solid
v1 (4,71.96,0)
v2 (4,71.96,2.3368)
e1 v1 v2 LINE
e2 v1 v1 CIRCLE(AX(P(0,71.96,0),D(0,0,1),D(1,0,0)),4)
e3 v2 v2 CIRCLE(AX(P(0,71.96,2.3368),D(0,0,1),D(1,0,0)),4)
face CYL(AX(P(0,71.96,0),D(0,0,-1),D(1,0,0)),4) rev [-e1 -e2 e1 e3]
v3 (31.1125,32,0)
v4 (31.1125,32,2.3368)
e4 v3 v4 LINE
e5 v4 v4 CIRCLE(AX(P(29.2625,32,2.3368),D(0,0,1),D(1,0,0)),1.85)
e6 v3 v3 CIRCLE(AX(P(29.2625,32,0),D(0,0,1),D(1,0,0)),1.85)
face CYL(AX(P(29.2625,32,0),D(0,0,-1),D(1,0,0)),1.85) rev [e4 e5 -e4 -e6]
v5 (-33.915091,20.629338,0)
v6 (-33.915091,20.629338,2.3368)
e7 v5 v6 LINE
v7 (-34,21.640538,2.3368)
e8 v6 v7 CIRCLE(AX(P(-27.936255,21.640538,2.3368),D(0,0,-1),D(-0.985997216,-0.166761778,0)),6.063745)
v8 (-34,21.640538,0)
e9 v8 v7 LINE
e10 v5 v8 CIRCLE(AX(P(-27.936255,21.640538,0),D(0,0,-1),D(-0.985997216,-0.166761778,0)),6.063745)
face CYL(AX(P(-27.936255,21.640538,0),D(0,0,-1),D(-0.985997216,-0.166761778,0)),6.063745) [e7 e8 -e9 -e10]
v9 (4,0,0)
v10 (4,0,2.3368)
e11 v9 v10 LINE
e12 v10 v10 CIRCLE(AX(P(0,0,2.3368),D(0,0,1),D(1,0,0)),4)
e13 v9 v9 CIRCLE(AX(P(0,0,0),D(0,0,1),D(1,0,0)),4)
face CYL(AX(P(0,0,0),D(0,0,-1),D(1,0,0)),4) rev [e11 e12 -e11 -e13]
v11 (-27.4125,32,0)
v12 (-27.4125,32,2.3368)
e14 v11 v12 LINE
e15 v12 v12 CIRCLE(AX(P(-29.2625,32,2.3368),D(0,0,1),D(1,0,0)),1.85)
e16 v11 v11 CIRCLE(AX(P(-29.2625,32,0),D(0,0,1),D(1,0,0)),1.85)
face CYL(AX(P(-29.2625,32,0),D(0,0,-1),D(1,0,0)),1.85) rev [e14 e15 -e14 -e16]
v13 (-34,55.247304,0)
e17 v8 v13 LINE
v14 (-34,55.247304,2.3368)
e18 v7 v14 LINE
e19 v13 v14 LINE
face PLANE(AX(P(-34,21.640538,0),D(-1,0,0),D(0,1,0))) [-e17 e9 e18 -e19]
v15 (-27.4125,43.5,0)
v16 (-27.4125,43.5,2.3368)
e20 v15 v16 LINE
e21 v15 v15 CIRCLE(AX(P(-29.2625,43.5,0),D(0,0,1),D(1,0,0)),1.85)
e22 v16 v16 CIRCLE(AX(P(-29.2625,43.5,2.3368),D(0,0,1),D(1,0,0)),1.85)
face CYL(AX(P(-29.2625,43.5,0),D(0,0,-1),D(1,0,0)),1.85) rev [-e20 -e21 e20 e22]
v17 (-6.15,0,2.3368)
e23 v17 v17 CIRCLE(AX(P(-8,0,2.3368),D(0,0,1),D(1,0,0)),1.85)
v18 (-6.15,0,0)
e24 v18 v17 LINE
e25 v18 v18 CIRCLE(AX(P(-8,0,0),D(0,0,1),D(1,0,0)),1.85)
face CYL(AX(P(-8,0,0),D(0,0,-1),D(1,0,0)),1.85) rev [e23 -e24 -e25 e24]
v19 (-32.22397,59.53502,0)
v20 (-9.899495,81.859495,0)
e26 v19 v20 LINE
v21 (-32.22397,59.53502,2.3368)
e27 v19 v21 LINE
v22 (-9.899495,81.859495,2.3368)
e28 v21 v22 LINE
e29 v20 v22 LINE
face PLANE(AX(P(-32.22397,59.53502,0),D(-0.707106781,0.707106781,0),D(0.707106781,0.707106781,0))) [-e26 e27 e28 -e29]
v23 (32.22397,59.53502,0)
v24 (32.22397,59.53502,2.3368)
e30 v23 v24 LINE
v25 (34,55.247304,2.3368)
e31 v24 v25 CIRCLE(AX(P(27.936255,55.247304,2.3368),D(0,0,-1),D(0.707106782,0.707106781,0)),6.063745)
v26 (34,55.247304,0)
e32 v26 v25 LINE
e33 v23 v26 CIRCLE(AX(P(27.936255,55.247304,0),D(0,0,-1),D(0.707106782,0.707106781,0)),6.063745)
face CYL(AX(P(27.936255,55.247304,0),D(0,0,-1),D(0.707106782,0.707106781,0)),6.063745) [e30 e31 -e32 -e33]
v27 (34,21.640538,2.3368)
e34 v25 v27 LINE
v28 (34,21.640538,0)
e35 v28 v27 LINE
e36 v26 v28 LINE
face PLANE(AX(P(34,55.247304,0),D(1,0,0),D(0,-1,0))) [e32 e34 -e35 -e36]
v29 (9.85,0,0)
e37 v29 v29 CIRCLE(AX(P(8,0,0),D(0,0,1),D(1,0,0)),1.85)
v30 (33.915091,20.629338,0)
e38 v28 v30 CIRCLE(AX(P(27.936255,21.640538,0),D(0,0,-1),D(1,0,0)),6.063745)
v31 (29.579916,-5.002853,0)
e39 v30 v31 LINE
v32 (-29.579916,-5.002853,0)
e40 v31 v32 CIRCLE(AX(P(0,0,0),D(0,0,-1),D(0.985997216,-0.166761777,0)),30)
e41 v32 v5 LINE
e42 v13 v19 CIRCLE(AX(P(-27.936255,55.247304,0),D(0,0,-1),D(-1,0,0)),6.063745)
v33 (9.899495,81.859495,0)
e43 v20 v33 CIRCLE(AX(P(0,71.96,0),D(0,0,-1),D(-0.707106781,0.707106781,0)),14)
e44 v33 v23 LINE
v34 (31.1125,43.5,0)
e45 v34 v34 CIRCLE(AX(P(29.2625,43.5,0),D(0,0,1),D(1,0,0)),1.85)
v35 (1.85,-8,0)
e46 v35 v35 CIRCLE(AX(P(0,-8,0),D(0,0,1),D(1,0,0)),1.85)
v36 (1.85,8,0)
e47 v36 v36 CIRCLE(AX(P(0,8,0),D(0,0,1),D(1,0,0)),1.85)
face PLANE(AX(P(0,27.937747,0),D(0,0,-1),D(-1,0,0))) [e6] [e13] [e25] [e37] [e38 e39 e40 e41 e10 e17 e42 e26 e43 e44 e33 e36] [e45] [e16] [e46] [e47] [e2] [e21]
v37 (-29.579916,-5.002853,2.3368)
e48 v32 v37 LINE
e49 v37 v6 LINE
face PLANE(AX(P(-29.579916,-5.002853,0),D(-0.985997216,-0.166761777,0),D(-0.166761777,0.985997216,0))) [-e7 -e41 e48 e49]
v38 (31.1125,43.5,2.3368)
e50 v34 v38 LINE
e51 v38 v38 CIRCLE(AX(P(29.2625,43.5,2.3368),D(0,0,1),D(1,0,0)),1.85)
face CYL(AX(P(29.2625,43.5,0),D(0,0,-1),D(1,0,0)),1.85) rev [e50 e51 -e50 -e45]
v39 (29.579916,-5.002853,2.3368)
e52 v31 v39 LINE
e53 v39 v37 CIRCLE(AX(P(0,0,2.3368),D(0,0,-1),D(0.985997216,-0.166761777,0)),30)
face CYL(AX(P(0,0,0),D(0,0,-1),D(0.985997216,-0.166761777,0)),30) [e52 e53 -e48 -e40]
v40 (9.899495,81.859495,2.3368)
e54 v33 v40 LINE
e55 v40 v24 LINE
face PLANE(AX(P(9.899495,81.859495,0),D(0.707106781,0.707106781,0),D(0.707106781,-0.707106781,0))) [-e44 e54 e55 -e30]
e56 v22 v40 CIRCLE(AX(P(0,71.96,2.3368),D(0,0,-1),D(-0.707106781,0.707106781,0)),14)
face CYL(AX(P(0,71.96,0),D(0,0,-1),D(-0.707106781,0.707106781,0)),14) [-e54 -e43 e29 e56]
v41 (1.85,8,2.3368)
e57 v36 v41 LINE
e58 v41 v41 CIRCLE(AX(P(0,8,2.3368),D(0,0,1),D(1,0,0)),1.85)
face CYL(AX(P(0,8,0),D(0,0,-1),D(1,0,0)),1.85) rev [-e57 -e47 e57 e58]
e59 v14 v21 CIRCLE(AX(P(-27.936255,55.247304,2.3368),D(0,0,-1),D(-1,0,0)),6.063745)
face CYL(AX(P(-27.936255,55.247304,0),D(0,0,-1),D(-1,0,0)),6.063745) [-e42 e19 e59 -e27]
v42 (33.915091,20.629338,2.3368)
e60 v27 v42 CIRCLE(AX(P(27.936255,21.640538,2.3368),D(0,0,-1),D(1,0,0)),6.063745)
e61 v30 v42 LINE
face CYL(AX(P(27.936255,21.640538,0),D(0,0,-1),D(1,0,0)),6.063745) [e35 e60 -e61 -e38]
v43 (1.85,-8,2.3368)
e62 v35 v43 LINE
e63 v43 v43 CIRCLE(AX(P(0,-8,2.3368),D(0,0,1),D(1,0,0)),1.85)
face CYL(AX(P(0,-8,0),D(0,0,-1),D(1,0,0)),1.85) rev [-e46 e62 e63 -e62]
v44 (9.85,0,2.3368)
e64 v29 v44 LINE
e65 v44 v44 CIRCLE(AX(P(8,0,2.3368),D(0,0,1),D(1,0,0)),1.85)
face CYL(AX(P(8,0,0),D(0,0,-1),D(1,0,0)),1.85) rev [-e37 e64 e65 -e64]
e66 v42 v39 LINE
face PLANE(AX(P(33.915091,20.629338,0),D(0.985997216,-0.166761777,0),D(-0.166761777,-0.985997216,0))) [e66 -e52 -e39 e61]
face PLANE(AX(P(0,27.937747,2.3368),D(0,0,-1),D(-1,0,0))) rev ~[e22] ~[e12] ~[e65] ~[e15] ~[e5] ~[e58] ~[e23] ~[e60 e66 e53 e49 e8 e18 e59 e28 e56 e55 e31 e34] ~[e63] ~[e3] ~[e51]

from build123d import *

# Parameters (mm, degrees)
SKETCH1_R           = 4
SKETCH1_R_2         = 1.85
BOSS_EXTRUDE1_DEPTH = 2.3368


with BuildPart() as part:
    # Sketch1 → Boss-Extrude1 (new body)
    with BuildSketch(Plane.XY):
        with BuildLine():
            Line((-34, 21.640538448), (-34, 55.247304326))
            ThreePointArc((-34, 55.247304326), (-33.538424872, 57.567799195), (-32.223970118, 59.535019756))
            Line((-32.223970118, 59.535019756), (-9.899494937, 81.859494937))
            ThreePointArc((-9.899494937, 81.859494937), (0, 85.96), (9.899494937, 81.859494937))
            Line((9.899494937, 81.859494937), (32.223970118, 59.535019756))
            ThreePointArc((32.223970118, 59.535019756), (33.538424872, 57.567799195), (34, 55.247304326))
            Line((34, 55.247304326), (34, 21.640538448))
            ThreePointArc((34, 21.640538448), (33.978735385, 21.133158673), (33.915090683, 20.629337502))
            Line((33.915090683, 20.629337502), (29.579916475, -5.002853321))
            ThreePointArc((29.579916475, -5.002853321), (0, -30), (-29.579916475, -5.002853321))
            Line((-29.579916475, -5.002853321), (-33.915090683, 20.629337502))
            ThreePointArc((-33.915090683, 20.629337502), (-33.978735385, 21.133158673), (-34, 21.640538448))
        make_face()
        Circle(SKETCH1_R, mode=Mode.SUBTRACT)
        with Locations((0, 8)):
            Circle(SKETCH1_R_2, mode=Mode.SUBTRACT)
        with Locations((-8, 0)):
            Circle(SKETCH1_R_2, mode=Mode.SUBTRACT)
        with Locations((0, -8)):
            Circle(SKETCH1_R_2, mode=Mode.SUBTRACT)
        with Locations((8, 0)):
            Circle(SKETCH1_R_2, mode=Mode.SUBTRACT)
        with Locations((0, 71.96)):
            Circle(SKETCH1_R, mode=Mode.SUBTRACT)
        with Locations((29.2625, 43.5)):
            Circle(SKETCH1_R_2, mode=Mode.SUBTRACT)
        with Locations((29.2625, 32)):
            Circle(SKETCH1_R_2, mode=Mode.SUBTRACT)
        with Locations((-29.2625, 43.5)):
            Circle(SKETCH1_R_2, mode=Mode.SUBTRACT)
        with Locations((-29.2625, 32)):
            Circle(SKETCH1_R_2, mode=Mode.SUBTRACT)
    extrude(amount=BOSS_EXTRUDE1_DEPTH)


solid = part.part
